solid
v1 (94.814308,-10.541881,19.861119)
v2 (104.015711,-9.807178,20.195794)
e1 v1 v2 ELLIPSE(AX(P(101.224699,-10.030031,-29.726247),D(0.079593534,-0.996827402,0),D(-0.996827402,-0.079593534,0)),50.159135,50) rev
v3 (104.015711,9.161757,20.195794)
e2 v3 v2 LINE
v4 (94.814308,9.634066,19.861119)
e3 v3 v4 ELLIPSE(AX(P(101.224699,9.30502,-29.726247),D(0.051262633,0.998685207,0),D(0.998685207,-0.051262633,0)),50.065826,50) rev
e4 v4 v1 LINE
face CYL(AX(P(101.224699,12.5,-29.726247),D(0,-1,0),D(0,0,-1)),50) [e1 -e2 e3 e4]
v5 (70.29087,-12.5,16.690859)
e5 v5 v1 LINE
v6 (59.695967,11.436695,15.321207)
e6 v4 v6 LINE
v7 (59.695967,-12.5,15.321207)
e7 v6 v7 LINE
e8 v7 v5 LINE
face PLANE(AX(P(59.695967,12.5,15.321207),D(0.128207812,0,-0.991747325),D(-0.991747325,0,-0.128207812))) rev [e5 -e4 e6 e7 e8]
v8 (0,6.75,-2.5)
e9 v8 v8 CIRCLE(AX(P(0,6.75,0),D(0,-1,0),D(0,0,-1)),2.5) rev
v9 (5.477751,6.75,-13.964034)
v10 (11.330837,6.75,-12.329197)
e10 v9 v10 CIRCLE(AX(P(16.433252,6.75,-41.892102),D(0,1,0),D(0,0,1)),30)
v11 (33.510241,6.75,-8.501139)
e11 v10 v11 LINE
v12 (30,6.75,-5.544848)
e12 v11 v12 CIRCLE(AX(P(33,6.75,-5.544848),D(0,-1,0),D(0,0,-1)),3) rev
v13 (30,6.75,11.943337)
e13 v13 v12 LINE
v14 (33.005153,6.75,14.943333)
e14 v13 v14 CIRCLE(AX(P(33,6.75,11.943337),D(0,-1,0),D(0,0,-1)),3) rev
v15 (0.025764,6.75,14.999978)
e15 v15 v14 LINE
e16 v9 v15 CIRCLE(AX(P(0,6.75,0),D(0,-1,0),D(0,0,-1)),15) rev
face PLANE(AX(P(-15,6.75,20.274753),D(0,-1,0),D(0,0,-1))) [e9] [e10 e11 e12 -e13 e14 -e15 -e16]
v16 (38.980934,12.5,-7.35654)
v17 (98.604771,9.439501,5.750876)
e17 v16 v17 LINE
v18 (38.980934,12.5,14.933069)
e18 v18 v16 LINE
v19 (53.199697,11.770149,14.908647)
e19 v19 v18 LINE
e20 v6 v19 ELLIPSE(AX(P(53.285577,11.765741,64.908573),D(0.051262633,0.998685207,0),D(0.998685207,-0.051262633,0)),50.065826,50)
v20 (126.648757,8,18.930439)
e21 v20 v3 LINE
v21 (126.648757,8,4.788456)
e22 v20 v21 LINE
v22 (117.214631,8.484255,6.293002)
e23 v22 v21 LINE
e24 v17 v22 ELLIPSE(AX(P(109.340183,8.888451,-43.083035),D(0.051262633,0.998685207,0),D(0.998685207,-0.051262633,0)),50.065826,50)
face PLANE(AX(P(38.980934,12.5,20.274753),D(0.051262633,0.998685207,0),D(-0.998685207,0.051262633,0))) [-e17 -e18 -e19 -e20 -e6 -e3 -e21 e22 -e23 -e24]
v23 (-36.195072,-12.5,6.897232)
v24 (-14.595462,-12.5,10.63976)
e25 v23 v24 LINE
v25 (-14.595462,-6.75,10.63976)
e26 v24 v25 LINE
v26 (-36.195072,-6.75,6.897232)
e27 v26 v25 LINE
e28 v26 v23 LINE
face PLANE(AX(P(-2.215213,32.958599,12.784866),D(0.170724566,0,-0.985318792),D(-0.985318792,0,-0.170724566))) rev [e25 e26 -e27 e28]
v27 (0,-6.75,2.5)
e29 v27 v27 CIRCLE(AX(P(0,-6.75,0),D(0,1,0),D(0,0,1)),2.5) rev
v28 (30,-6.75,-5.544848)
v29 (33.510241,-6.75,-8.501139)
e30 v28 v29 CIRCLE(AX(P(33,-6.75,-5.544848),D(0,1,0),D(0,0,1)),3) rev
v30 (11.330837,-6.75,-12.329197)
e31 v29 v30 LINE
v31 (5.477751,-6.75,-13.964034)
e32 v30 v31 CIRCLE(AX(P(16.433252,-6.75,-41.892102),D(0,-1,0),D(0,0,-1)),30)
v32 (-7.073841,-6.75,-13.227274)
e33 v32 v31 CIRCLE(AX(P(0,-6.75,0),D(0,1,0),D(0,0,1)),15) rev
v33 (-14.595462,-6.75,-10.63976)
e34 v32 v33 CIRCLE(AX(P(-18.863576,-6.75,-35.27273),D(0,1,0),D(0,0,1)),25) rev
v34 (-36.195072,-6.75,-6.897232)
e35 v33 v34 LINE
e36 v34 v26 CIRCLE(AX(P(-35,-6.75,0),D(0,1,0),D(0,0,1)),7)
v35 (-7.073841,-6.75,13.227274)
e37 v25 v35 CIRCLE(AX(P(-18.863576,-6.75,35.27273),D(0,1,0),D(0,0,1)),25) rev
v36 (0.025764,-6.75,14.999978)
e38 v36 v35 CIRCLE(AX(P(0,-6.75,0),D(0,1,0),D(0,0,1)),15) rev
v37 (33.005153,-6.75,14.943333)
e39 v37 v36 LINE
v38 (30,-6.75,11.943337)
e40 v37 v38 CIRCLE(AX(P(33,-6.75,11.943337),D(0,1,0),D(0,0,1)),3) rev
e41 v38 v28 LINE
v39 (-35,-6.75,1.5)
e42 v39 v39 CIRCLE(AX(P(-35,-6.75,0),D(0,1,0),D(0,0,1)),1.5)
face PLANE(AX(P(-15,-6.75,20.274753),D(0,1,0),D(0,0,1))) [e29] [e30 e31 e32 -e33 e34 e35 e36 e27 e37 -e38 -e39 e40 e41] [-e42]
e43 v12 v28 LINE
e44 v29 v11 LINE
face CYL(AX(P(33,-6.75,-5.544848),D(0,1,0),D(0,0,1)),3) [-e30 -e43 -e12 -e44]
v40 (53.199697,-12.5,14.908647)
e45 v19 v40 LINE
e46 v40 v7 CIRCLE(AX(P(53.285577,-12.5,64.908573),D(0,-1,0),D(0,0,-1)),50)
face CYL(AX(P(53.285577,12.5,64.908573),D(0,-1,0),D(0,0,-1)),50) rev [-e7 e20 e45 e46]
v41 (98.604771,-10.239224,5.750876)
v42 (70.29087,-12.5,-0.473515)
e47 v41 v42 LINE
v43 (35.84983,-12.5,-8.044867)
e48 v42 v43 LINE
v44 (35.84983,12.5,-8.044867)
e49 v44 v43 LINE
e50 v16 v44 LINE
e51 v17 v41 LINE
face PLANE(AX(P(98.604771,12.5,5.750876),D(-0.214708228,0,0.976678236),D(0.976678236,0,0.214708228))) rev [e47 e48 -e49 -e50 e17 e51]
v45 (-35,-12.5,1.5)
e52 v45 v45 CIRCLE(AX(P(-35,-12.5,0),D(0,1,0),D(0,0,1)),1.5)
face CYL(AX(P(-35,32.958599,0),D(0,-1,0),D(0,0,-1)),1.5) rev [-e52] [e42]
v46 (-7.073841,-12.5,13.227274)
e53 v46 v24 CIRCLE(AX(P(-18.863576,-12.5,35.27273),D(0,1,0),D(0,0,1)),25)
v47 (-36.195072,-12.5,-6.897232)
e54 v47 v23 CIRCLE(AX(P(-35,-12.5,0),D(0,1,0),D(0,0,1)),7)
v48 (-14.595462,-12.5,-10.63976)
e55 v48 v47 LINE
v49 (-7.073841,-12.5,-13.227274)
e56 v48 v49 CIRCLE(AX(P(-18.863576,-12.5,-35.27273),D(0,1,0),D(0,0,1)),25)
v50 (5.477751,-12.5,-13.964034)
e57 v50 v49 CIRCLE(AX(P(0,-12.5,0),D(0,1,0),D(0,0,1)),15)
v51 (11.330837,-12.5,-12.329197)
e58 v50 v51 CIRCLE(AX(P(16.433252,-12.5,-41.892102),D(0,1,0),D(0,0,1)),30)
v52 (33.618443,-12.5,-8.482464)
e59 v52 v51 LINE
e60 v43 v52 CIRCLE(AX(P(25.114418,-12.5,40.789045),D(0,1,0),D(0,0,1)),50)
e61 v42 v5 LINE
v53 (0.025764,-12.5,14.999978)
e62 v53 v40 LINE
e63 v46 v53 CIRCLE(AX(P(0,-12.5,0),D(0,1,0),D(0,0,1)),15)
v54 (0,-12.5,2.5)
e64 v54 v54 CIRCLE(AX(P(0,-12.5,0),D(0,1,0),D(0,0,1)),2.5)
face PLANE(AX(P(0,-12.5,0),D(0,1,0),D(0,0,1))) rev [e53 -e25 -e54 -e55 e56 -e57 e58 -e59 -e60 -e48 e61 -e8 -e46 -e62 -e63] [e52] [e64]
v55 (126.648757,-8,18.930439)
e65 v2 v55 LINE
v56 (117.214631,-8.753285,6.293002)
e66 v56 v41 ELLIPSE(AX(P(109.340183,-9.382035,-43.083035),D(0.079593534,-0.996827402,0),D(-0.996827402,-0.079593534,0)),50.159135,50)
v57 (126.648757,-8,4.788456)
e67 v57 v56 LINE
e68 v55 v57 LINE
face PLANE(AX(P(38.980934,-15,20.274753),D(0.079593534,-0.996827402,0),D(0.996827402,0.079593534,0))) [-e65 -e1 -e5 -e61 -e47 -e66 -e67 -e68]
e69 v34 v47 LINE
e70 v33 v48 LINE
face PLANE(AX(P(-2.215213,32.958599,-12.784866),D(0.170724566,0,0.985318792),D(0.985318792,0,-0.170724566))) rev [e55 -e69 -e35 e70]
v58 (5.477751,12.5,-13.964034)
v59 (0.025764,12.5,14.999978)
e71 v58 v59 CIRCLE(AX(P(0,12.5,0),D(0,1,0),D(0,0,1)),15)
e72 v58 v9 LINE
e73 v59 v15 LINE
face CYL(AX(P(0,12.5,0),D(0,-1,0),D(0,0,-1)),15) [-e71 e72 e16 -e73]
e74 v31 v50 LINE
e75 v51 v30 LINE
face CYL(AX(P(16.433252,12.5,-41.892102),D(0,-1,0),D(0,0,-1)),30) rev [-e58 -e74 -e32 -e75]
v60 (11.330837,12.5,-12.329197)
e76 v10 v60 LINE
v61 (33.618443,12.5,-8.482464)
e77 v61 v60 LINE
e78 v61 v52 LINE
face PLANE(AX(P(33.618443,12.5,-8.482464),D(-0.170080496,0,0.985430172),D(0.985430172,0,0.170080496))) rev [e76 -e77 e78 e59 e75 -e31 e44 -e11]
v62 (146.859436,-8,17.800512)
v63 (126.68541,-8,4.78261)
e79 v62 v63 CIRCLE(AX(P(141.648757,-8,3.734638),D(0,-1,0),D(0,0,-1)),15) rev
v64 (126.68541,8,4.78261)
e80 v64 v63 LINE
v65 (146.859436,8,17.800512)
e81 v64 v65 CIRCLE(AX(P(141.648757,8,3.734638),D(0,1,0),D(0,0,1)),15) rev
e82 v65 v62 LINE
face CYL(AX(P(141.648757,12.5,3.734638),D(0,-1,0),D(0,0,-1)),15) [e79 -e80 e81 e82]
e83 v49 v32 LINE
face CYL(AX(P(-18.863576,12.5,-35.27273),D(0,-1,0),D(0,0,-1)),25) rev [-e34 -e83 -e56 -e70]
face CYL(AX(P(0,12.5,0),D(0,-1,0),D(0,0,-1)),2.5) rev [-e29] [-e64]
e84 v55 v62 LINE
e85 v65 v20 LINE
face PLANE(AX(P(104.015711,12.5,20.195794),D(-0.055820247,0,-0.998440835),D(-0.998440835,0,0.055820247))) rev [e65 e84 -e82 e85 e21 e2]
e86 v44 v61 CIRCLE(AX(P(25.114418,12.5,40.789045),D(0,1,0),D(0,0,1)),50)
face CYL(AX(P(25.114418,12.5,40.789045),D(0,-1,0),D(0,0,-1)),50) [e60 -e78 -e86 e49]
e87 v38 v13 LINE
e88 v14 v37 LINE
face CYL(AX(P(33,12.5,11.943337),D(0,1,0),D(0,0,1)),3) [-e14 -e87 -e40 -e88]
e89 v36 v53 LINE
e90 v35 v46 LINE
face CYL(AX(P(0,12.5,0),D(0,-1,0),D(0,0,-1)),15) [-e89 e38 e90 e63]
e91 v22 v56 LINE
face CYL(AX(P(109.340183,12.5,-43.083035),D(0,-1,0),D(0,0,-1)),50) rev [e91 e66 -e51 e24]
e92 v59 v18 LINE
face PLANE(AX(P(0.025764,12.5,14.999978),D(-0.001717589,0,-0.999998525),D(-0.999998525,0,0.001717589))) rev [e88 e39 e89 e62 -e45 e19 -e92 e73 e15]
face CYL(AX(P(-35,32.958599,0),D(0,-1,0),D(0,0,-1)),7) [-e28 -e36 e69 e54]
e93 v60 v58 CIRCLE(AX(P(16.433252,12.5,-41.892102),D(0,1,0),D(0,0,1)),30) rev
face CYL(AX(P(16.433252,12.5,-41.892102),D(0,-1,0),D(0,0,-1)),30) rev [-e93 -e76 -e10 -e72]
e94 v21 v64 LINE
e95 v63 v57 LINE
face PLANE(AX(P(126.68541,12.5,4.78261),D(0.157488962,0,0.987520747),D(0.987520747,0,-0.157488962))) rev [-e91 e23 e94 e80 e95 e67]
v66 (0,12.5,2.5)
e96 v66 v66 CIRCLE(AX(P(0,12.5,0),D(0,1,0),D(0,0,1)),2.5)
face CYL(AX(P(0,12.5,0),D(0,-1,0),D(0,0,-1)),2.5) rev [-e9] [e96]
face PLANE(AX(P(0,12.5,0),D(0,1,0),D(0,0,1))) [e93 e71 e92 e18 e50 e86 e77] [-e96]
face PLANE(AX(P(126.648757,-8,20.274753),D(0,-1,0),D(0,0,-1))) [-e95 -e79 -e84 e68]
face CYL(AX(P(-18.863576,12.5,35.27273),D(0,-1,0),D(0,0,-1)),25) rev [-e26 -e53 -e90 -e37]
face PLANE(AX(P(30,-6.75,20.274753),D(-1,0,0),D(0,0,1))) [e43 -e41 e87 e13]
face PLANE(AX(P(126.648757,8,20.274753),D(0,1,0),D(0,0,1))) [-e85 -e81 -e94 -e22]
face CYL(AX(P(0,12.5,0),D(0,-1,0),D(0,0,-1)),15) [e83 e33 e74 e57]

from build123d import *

# Parameters (mm, degrees)
SKETCH1_R                      = 2.5
BOSS_EXTRUDE1_DEPTH            = 12.5
CUT_EXTRUDE1_START             = -11.265362
CUT_EXTRUDE1_DEPTH             = 31.539115
FILLET1_R                      = 30
CUT_EXTRUDE2_REACH             = 160.449
SKETCH3_W                      = 45
SKETCH3_H                      = 13.5
CUT_EXTRUDE2_DIRECTION_2_REACH = 160.449
FILLET2_R                      = 3
BOSS_EXTRUDE2_START            = -19.25
SKETCH4_R                      = 1.5
BOSS_EXTRUDE2_DEPTH            = 5.75
FILLET3_R                      = 25


with BuildPart() as part:
    # Sketch1 → Boss-Extrude1 (new, symmetric)
    with BuildSketch(Plane(origin=(0, 0, 0), x_dir=(1, 0, 0), z_dir=(0, 1, 0))):
        with BuildLine():
            Line((0.025763833, -14.999977874), (53.199697381, -14.908646781))
            ThreePointArc((53.199697381, -14.908646781), (56.45455329, -15.0090982), (59.695967444, -15.321206773))
            Line((59.695967444, -15.321206773), (94.814307977, -19.861118805))
            ThreePointArc((94.814307977, -19.861118805), (99.407289265, -20.240711866), (104.015710949, -20.195794275))
            Line((104.015710949, -20.195794275), (146.859436035, -17.800512314))
            ThreePointArc((146.859436035, -17.800512314), (149.78171872, 8.869128334), (126.685409546, -4.782610416))
            Line((126.685409546, -4.782610416), (117.214630993, -6.293002063))
            ThreePointArc((117.214630993, -6.293002063), (107.884245813, -6.895762667), (98.604771495, -5.750876498))
            Line((98.604771495, -5.750876498), (35.849829613, 8.04486691))
            ThreePointArc((35.849829613, 8.04486691), (34.736624271, 8.276351777), (33.61844305, 8.482463724))
            Line((33.61844305, 8.482463724), (7.5, 12.990381057))
            ThreePointArc((7.5, 12.990381057), (-14.492216138, 3.869841264), (0.025763833, -14.999977874))
        make_face()
        with Locations(Location((0, 0, 0), (0, 0, 270))):
            Circle(SKETCH1_R, mode=Mode.SUBTRACT)
    extrude(amount=BOSS_EXTRUDE1_DEPTH, both=True)

    # Sketch2 → Cut-Extrude1 (cut)
    with BuildSketch(Plane.XY.offset(CUT_EXTRUDE1_START)):
        Polygon((38.980933682, -15), (126.64875656, -8), (156.64875656, -8), (156.64875656, -15), align=None)
        Polygon((156.64875656, 8), (156.64875656, 12.5), (38.980933682, 12.5), (126.64875656, 8), align=None)
    extrude(amount=CUT_EXTRUDE1_DEPTH, mode=Mode.SUBTRACT)

    # Fillet1
    fillet1_edges = [part.edges().sort_by_distance(p)[0] for p in [
        (7.5, 0, -12.990381057),
    ]]
    fillet(fillet1_edges, radius=FILLET1_R)

    # Sketch3 → Cut-Extrude2 (cut, up to next)
    with BuildSketch(Plane.XY, mode=Mode.PRIVATE) as cut_extrude2_sk1:
        with Locations((7.5, 0)):
            Rectangle(SKETCH3_W, SKETCH3_H)
    cut_extrude2_tool1 = extrude(cut_extrude2_sk1.sketch, amount=-CUT_EXTRUDE2_REACH, mode=Mode.PRIVATE) & part.part
    add(cut_extrude2_tool1.solids().sort_by_distance((7.5, 0, 0))[0], mode=Mode.SUBTRACT)

    # Sketch3 → Cut-Extrude2 direction 2 (cut, up to next)
    with BuildSketch(Plane.XY, mode=Mode.PRIVATE) as cut_extrude2_direction_2_sk1:
        with Locations((7.5, 0)):
            Rectangle(SKETCH3_W, SKETCH3_H)
    cut_extrude2_direction_2_tool1 = extrude(cut_extrude2_direction_2_sk1.sketch, amount=CUT_EXTRUDE2_DIRECTION_2_REACH, mode=Mode.PRIVATE) & part.part
    add(cut_extrude2_direction_2_tool1.solids().sort_by_distance((7.5, 0, 0))[0], mode=Mode.SUBTRACT)

    # Fillet2
    fillet2_edges = [part.edges().sort_by_distance(p)[0] for p in [
        (30, 0, 14.948494383),
        (30, 0, -9.106989547),
    ]]
    fillet(fillet2_edges, radius=FILLET2_R)

    # Sketch4 → Boss-Extrude2 (add)
    with BuildSketch(Plane(origin=(0, 12.5, 0), x_dir=(1, 0, 0), z_dir=(0, 1, 0)).offset(BOSS_EXTRUDE2_START)):
        with BuildLine():
            Line((-9.630680142, 11.5), (-36.195071959, 6.897231547))
            ThreePointArc((-36.195071959, 6.897231547), (-42, 0), (-36.195071959, -6.897231547))
            Line((-36.195071959, -6.897231547), (-9.630680142, -11.5))
            ThreePointArc((-9.630680142, -11.5), (-15, 0), (-9.630680142, 11.5))
        make_face()
        with Locations(Location((-35, 0, 0), (0, 0, 270))):
            Circle(SKETCH4_R, mode=Mode.SUBTRACT)
    extrude(amount=-BOSS_EXTRUDE2_DEPTH)

    # Fillet3
    fillet3_edges = [part.edges().sort_by_distance(p)[0] for p in [
        (-9.630680142, -9.625, -11.5),
        (-9.630680142, -9.625, 11.5),
    ]]
    fillet(fillet3_edges, radius=FILLET3_R)


solid = part.part
